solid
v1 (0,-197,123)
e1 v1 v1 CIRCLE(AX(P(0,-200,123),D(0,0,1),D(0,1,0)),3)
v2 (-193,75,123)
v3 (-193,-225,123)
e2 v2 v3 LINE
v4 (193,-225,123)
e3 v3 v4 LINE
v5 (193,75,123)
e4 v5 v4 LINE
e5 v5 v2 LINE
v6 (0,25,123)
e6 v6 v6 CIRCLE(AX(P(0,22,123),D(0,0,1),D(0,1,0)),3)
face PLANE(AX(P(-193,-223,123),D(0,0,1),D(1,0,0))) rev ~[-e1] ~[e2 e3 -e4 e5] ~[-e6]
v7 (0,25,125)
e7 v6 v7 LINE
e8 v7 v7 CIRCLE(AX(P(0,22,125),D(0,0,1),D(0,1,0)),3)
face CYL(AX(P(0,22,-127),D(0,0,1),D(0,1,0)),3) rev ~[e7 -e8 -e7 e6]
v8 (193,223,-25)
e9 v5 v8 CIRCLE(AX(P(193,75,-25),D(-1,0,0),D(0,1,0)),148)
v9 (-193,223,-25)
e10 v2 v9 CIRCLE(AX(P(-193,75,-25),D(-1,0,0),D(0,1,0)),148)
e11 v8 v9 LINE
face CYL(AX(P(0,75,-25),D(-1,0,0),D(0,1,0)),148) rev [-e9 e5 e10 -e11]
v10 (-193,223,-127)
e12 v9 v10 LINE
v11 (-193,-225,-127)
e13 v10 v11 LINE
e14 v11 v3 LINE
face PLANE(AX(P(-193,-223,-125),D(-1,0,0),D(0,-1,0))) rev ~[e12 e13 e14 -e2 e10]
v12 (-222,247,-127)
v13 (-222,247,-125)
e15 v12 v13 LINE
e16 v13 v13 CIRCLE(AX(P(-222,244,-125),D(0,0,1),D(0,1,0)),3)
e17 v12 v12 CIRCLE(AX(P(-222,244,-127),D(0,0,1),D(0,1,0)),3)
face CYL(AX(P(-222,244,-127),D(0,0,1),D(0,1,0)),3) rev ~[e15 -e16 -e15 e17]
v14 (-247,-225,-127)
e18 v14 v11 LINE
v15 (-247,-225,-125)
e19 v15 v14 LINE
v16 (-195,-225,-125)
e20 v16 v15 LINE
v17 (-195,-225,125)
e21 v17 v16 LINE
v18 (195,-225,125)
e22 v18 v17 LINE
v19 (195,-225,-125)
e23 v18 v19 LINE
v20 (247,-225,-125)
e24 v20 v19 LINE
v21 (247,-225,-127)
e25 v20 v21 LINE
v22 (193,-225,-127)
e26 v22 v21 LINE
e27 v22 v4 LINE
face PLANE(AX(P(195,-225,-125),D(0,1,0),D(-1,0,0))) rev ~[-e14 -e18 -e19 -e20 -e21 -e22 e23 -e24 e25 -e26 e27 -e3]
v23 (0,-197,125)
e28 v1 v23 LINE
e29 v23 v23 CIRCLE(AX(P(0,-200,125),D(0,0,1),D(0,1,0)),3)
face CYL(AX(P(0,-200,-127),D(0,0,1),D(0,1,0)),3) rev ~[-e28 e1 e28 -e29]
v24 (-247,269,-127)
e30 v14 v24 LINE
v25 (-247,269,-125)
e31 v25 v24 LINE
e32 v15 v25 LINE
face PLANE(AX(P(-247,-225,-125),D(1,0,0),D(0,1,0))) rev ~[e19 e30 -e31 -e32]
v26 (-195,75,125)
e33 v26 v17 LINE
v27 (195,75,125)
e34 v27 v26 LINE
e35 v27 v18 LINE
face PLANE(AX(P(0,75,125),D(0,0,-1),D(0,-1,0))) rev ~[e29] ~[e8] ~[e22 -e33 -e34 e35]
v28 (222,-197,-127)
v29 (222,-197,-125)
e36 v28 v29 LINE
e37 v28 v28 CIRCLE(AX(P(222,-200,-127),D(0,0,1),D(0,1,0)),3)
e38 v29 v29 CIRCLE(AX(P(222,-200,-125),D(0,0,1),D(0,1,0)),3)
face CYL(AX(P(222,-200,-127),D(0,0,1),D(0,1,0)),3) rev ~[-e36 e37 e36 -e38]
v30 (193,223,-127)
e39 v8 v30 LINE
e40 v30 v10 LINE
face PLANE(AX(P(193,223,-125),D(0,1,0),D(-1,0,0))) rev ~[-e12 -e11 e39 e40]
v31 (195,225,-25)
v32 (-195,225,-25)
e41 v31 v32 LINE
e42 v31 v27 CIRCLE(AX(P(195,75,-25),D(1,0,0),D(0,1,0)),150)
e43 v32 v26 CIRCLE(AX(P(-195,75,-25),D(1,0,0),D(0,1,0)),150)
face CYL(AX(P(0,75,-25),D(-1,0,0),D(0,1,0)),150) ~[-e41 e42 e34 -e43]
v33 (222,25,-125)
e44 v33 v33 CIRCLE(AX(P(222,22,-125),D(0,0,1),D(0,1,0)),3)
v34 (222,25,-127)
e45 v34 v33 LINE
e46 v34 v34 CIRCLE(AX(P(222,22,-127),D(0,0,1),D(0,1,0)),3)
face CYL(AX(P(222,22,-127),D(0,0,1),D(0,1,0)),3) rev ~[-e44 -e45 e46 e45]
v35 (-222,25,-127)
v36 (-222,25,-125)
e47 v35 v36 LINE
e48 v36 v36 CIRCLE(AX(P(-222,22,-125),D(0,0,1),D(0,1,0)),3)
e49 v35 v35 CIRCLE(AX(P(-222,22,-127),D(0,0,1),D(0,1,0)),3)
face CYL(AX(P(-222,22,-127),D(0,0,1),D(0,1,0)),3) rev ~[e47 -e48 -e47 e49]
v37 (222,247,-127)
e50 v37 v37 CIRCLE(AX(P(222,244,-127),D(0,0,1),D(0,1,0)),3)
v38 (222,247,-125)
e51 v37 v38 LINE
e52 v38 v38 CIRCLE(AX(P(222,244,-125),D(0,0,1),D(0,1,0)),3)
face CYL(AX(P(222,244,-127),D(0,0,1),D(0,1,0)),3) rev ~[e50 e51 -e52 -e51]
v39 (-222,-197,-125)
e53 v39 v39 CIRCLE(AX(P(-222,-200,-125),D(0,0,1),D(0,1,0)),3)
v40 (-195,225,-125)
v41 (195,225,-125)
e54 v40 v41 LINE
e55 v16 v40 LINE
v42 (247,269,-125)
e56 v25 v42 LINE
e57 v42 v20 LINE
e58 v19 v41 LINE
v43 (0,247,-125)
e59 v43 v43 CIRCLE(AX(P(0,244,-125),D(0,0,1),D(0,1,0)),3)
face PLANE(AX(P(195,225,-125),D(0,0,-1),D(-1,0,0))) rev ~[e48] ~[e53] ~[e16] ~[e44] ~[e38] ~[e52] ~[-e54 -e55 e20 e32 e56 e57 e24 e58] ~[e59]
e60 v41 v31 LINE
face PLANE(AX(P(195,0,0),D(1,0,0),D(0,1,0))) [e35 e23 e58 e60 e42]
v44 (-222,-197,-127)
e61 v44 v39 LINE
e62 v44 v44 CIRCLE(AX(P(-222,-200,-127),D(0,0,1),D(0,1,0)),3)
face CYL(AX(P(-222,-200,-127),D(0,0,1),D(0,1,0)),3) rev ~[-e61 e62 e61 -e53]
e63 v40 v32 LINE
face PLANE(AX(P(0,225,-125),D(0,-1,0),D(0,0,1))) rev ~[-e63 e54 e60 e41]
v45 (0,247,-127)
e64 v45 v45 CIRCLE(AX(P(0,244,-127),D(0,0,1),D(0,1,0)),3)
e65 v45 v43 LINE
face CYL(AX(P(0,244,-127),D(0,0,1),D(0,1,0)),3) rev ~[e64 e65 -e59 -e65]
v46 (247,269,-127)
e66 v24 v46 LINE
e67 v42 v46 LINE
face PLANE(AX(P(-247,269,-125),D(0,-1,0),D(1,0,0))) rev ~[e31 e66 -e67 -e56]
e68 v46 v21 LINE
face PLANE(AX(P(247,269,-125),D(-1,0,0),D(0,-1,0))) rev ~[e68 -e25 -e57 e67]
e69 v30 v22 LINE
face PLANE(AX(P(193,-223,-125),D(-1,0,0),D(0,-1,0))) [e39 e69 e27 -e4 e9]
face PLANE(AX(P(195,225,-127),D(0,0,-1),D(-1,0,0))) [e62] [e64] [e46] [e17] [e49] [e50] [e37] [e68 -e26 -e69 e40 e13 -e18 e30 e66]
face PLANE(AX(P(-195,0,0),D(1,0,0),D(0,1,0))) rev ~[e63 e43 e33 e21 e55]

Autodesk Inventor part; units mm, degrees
ref_plane "YZ Plane" through (0, 0, 0) normal (1, 0, 0) x (0, 1, 0)
ref_plane "XZ Plane" through (0, 0, 0) normal (0, 1, 0) x (-1, 0, 0)
ref_plane "XY Plane" through (0, 0, 0) normal (0, 0, 1) x (1, 0, 0)
sketch "Sketch1" plane through (0, 0, 0) normal (1, 0, 0) x (0, 1, 0)
  line L0 (-225, -125) -> (225, -125)
  line L1 (225, -125) -> (225, -25)
  line L2 (75, 125) -> (-225, 125)
  line L3 (-225, 125) -> (-225, -125)
  line L4 (-225, -125) -> (225, 125) construction
  line L5 (225, -125) -> (-225, 125) construction
  arc A0 (225, -25) -> (75, 125) centre (75, -25) ccw
  point P0 (0, 0)
  dimension "d0" = 450
  dimension "d1" = 250
  dimension "d2" = 150
extrude "Extrusion1" add sketch "Sketch1" along normal mid plane 390
shell "Shell1" thickness 2 removed faces 1 at (65, -75, -125)
sketch "Sketch2" plane through (195, 225, -125) normal (0, 0, -1) x (-1, 0, 0)
  line L0 (2, -448) -> (2, -2) projected
  line L1 (2, -2) -> (388, -2) projected
  line L2 (388, -2) -> (388, -448) projected
  line L3 (388, -2) -> (388, -448)
  line L4 (2, -448) -> (2, -2)
  line L5 (2, -2) -> (388, -2)
  line L6 (442, -450) -> (442, 44)
  line L7 (442, 44) -> (-52, 44)
  line L8 (-52, 44) -> (-52, -450)
  line L9 (0, -450) -> (390, -450) projected
  line L10 (2, -448) -> (2, -450)
  line L11 (388, -448) -> (388, -450)
  line L12 (-52, -450) -> (2, -450)
  line L13 (388, -450) -> (442, -450)
  point P0 (195, -225)
  point P1 (195, -450)
  dimension "d6" = 494
  dimension "d7" = 494
sketch "Sketch3" plane through (-193, -223, -125) normal (0, 1, 0) x (1, 0, 0)
  line L0 (0, 0) -> (386, 0) projected
  line L1 (0, 0) -> (0, -248) projected
  line L2 (0, -248) -> (386, -248) projected
  line L3 (386, -248) -> (386, 0) projected
  point P0 (193, -125)
extrude "Extrusion2" cut sketch "Sketch3" against normal blind 2
extrude "Extrusion3" add sketch "Sketch2" along normal blind 2 contours L10 L9 L12 L8 L7 L6 L13 L11 L2 L1 L0
hole "Hole1" at (-222, 244, -127) direction (0, 0, 1) diameter 6 end through all
pattern_linear "Rectangular Pattern1" count 3 spacing 222 along (1, 0, 0) count 3 spacing 222 along (0, -1, 0) of "Hole1"
properties part number "SidePanelCover-Curved"
